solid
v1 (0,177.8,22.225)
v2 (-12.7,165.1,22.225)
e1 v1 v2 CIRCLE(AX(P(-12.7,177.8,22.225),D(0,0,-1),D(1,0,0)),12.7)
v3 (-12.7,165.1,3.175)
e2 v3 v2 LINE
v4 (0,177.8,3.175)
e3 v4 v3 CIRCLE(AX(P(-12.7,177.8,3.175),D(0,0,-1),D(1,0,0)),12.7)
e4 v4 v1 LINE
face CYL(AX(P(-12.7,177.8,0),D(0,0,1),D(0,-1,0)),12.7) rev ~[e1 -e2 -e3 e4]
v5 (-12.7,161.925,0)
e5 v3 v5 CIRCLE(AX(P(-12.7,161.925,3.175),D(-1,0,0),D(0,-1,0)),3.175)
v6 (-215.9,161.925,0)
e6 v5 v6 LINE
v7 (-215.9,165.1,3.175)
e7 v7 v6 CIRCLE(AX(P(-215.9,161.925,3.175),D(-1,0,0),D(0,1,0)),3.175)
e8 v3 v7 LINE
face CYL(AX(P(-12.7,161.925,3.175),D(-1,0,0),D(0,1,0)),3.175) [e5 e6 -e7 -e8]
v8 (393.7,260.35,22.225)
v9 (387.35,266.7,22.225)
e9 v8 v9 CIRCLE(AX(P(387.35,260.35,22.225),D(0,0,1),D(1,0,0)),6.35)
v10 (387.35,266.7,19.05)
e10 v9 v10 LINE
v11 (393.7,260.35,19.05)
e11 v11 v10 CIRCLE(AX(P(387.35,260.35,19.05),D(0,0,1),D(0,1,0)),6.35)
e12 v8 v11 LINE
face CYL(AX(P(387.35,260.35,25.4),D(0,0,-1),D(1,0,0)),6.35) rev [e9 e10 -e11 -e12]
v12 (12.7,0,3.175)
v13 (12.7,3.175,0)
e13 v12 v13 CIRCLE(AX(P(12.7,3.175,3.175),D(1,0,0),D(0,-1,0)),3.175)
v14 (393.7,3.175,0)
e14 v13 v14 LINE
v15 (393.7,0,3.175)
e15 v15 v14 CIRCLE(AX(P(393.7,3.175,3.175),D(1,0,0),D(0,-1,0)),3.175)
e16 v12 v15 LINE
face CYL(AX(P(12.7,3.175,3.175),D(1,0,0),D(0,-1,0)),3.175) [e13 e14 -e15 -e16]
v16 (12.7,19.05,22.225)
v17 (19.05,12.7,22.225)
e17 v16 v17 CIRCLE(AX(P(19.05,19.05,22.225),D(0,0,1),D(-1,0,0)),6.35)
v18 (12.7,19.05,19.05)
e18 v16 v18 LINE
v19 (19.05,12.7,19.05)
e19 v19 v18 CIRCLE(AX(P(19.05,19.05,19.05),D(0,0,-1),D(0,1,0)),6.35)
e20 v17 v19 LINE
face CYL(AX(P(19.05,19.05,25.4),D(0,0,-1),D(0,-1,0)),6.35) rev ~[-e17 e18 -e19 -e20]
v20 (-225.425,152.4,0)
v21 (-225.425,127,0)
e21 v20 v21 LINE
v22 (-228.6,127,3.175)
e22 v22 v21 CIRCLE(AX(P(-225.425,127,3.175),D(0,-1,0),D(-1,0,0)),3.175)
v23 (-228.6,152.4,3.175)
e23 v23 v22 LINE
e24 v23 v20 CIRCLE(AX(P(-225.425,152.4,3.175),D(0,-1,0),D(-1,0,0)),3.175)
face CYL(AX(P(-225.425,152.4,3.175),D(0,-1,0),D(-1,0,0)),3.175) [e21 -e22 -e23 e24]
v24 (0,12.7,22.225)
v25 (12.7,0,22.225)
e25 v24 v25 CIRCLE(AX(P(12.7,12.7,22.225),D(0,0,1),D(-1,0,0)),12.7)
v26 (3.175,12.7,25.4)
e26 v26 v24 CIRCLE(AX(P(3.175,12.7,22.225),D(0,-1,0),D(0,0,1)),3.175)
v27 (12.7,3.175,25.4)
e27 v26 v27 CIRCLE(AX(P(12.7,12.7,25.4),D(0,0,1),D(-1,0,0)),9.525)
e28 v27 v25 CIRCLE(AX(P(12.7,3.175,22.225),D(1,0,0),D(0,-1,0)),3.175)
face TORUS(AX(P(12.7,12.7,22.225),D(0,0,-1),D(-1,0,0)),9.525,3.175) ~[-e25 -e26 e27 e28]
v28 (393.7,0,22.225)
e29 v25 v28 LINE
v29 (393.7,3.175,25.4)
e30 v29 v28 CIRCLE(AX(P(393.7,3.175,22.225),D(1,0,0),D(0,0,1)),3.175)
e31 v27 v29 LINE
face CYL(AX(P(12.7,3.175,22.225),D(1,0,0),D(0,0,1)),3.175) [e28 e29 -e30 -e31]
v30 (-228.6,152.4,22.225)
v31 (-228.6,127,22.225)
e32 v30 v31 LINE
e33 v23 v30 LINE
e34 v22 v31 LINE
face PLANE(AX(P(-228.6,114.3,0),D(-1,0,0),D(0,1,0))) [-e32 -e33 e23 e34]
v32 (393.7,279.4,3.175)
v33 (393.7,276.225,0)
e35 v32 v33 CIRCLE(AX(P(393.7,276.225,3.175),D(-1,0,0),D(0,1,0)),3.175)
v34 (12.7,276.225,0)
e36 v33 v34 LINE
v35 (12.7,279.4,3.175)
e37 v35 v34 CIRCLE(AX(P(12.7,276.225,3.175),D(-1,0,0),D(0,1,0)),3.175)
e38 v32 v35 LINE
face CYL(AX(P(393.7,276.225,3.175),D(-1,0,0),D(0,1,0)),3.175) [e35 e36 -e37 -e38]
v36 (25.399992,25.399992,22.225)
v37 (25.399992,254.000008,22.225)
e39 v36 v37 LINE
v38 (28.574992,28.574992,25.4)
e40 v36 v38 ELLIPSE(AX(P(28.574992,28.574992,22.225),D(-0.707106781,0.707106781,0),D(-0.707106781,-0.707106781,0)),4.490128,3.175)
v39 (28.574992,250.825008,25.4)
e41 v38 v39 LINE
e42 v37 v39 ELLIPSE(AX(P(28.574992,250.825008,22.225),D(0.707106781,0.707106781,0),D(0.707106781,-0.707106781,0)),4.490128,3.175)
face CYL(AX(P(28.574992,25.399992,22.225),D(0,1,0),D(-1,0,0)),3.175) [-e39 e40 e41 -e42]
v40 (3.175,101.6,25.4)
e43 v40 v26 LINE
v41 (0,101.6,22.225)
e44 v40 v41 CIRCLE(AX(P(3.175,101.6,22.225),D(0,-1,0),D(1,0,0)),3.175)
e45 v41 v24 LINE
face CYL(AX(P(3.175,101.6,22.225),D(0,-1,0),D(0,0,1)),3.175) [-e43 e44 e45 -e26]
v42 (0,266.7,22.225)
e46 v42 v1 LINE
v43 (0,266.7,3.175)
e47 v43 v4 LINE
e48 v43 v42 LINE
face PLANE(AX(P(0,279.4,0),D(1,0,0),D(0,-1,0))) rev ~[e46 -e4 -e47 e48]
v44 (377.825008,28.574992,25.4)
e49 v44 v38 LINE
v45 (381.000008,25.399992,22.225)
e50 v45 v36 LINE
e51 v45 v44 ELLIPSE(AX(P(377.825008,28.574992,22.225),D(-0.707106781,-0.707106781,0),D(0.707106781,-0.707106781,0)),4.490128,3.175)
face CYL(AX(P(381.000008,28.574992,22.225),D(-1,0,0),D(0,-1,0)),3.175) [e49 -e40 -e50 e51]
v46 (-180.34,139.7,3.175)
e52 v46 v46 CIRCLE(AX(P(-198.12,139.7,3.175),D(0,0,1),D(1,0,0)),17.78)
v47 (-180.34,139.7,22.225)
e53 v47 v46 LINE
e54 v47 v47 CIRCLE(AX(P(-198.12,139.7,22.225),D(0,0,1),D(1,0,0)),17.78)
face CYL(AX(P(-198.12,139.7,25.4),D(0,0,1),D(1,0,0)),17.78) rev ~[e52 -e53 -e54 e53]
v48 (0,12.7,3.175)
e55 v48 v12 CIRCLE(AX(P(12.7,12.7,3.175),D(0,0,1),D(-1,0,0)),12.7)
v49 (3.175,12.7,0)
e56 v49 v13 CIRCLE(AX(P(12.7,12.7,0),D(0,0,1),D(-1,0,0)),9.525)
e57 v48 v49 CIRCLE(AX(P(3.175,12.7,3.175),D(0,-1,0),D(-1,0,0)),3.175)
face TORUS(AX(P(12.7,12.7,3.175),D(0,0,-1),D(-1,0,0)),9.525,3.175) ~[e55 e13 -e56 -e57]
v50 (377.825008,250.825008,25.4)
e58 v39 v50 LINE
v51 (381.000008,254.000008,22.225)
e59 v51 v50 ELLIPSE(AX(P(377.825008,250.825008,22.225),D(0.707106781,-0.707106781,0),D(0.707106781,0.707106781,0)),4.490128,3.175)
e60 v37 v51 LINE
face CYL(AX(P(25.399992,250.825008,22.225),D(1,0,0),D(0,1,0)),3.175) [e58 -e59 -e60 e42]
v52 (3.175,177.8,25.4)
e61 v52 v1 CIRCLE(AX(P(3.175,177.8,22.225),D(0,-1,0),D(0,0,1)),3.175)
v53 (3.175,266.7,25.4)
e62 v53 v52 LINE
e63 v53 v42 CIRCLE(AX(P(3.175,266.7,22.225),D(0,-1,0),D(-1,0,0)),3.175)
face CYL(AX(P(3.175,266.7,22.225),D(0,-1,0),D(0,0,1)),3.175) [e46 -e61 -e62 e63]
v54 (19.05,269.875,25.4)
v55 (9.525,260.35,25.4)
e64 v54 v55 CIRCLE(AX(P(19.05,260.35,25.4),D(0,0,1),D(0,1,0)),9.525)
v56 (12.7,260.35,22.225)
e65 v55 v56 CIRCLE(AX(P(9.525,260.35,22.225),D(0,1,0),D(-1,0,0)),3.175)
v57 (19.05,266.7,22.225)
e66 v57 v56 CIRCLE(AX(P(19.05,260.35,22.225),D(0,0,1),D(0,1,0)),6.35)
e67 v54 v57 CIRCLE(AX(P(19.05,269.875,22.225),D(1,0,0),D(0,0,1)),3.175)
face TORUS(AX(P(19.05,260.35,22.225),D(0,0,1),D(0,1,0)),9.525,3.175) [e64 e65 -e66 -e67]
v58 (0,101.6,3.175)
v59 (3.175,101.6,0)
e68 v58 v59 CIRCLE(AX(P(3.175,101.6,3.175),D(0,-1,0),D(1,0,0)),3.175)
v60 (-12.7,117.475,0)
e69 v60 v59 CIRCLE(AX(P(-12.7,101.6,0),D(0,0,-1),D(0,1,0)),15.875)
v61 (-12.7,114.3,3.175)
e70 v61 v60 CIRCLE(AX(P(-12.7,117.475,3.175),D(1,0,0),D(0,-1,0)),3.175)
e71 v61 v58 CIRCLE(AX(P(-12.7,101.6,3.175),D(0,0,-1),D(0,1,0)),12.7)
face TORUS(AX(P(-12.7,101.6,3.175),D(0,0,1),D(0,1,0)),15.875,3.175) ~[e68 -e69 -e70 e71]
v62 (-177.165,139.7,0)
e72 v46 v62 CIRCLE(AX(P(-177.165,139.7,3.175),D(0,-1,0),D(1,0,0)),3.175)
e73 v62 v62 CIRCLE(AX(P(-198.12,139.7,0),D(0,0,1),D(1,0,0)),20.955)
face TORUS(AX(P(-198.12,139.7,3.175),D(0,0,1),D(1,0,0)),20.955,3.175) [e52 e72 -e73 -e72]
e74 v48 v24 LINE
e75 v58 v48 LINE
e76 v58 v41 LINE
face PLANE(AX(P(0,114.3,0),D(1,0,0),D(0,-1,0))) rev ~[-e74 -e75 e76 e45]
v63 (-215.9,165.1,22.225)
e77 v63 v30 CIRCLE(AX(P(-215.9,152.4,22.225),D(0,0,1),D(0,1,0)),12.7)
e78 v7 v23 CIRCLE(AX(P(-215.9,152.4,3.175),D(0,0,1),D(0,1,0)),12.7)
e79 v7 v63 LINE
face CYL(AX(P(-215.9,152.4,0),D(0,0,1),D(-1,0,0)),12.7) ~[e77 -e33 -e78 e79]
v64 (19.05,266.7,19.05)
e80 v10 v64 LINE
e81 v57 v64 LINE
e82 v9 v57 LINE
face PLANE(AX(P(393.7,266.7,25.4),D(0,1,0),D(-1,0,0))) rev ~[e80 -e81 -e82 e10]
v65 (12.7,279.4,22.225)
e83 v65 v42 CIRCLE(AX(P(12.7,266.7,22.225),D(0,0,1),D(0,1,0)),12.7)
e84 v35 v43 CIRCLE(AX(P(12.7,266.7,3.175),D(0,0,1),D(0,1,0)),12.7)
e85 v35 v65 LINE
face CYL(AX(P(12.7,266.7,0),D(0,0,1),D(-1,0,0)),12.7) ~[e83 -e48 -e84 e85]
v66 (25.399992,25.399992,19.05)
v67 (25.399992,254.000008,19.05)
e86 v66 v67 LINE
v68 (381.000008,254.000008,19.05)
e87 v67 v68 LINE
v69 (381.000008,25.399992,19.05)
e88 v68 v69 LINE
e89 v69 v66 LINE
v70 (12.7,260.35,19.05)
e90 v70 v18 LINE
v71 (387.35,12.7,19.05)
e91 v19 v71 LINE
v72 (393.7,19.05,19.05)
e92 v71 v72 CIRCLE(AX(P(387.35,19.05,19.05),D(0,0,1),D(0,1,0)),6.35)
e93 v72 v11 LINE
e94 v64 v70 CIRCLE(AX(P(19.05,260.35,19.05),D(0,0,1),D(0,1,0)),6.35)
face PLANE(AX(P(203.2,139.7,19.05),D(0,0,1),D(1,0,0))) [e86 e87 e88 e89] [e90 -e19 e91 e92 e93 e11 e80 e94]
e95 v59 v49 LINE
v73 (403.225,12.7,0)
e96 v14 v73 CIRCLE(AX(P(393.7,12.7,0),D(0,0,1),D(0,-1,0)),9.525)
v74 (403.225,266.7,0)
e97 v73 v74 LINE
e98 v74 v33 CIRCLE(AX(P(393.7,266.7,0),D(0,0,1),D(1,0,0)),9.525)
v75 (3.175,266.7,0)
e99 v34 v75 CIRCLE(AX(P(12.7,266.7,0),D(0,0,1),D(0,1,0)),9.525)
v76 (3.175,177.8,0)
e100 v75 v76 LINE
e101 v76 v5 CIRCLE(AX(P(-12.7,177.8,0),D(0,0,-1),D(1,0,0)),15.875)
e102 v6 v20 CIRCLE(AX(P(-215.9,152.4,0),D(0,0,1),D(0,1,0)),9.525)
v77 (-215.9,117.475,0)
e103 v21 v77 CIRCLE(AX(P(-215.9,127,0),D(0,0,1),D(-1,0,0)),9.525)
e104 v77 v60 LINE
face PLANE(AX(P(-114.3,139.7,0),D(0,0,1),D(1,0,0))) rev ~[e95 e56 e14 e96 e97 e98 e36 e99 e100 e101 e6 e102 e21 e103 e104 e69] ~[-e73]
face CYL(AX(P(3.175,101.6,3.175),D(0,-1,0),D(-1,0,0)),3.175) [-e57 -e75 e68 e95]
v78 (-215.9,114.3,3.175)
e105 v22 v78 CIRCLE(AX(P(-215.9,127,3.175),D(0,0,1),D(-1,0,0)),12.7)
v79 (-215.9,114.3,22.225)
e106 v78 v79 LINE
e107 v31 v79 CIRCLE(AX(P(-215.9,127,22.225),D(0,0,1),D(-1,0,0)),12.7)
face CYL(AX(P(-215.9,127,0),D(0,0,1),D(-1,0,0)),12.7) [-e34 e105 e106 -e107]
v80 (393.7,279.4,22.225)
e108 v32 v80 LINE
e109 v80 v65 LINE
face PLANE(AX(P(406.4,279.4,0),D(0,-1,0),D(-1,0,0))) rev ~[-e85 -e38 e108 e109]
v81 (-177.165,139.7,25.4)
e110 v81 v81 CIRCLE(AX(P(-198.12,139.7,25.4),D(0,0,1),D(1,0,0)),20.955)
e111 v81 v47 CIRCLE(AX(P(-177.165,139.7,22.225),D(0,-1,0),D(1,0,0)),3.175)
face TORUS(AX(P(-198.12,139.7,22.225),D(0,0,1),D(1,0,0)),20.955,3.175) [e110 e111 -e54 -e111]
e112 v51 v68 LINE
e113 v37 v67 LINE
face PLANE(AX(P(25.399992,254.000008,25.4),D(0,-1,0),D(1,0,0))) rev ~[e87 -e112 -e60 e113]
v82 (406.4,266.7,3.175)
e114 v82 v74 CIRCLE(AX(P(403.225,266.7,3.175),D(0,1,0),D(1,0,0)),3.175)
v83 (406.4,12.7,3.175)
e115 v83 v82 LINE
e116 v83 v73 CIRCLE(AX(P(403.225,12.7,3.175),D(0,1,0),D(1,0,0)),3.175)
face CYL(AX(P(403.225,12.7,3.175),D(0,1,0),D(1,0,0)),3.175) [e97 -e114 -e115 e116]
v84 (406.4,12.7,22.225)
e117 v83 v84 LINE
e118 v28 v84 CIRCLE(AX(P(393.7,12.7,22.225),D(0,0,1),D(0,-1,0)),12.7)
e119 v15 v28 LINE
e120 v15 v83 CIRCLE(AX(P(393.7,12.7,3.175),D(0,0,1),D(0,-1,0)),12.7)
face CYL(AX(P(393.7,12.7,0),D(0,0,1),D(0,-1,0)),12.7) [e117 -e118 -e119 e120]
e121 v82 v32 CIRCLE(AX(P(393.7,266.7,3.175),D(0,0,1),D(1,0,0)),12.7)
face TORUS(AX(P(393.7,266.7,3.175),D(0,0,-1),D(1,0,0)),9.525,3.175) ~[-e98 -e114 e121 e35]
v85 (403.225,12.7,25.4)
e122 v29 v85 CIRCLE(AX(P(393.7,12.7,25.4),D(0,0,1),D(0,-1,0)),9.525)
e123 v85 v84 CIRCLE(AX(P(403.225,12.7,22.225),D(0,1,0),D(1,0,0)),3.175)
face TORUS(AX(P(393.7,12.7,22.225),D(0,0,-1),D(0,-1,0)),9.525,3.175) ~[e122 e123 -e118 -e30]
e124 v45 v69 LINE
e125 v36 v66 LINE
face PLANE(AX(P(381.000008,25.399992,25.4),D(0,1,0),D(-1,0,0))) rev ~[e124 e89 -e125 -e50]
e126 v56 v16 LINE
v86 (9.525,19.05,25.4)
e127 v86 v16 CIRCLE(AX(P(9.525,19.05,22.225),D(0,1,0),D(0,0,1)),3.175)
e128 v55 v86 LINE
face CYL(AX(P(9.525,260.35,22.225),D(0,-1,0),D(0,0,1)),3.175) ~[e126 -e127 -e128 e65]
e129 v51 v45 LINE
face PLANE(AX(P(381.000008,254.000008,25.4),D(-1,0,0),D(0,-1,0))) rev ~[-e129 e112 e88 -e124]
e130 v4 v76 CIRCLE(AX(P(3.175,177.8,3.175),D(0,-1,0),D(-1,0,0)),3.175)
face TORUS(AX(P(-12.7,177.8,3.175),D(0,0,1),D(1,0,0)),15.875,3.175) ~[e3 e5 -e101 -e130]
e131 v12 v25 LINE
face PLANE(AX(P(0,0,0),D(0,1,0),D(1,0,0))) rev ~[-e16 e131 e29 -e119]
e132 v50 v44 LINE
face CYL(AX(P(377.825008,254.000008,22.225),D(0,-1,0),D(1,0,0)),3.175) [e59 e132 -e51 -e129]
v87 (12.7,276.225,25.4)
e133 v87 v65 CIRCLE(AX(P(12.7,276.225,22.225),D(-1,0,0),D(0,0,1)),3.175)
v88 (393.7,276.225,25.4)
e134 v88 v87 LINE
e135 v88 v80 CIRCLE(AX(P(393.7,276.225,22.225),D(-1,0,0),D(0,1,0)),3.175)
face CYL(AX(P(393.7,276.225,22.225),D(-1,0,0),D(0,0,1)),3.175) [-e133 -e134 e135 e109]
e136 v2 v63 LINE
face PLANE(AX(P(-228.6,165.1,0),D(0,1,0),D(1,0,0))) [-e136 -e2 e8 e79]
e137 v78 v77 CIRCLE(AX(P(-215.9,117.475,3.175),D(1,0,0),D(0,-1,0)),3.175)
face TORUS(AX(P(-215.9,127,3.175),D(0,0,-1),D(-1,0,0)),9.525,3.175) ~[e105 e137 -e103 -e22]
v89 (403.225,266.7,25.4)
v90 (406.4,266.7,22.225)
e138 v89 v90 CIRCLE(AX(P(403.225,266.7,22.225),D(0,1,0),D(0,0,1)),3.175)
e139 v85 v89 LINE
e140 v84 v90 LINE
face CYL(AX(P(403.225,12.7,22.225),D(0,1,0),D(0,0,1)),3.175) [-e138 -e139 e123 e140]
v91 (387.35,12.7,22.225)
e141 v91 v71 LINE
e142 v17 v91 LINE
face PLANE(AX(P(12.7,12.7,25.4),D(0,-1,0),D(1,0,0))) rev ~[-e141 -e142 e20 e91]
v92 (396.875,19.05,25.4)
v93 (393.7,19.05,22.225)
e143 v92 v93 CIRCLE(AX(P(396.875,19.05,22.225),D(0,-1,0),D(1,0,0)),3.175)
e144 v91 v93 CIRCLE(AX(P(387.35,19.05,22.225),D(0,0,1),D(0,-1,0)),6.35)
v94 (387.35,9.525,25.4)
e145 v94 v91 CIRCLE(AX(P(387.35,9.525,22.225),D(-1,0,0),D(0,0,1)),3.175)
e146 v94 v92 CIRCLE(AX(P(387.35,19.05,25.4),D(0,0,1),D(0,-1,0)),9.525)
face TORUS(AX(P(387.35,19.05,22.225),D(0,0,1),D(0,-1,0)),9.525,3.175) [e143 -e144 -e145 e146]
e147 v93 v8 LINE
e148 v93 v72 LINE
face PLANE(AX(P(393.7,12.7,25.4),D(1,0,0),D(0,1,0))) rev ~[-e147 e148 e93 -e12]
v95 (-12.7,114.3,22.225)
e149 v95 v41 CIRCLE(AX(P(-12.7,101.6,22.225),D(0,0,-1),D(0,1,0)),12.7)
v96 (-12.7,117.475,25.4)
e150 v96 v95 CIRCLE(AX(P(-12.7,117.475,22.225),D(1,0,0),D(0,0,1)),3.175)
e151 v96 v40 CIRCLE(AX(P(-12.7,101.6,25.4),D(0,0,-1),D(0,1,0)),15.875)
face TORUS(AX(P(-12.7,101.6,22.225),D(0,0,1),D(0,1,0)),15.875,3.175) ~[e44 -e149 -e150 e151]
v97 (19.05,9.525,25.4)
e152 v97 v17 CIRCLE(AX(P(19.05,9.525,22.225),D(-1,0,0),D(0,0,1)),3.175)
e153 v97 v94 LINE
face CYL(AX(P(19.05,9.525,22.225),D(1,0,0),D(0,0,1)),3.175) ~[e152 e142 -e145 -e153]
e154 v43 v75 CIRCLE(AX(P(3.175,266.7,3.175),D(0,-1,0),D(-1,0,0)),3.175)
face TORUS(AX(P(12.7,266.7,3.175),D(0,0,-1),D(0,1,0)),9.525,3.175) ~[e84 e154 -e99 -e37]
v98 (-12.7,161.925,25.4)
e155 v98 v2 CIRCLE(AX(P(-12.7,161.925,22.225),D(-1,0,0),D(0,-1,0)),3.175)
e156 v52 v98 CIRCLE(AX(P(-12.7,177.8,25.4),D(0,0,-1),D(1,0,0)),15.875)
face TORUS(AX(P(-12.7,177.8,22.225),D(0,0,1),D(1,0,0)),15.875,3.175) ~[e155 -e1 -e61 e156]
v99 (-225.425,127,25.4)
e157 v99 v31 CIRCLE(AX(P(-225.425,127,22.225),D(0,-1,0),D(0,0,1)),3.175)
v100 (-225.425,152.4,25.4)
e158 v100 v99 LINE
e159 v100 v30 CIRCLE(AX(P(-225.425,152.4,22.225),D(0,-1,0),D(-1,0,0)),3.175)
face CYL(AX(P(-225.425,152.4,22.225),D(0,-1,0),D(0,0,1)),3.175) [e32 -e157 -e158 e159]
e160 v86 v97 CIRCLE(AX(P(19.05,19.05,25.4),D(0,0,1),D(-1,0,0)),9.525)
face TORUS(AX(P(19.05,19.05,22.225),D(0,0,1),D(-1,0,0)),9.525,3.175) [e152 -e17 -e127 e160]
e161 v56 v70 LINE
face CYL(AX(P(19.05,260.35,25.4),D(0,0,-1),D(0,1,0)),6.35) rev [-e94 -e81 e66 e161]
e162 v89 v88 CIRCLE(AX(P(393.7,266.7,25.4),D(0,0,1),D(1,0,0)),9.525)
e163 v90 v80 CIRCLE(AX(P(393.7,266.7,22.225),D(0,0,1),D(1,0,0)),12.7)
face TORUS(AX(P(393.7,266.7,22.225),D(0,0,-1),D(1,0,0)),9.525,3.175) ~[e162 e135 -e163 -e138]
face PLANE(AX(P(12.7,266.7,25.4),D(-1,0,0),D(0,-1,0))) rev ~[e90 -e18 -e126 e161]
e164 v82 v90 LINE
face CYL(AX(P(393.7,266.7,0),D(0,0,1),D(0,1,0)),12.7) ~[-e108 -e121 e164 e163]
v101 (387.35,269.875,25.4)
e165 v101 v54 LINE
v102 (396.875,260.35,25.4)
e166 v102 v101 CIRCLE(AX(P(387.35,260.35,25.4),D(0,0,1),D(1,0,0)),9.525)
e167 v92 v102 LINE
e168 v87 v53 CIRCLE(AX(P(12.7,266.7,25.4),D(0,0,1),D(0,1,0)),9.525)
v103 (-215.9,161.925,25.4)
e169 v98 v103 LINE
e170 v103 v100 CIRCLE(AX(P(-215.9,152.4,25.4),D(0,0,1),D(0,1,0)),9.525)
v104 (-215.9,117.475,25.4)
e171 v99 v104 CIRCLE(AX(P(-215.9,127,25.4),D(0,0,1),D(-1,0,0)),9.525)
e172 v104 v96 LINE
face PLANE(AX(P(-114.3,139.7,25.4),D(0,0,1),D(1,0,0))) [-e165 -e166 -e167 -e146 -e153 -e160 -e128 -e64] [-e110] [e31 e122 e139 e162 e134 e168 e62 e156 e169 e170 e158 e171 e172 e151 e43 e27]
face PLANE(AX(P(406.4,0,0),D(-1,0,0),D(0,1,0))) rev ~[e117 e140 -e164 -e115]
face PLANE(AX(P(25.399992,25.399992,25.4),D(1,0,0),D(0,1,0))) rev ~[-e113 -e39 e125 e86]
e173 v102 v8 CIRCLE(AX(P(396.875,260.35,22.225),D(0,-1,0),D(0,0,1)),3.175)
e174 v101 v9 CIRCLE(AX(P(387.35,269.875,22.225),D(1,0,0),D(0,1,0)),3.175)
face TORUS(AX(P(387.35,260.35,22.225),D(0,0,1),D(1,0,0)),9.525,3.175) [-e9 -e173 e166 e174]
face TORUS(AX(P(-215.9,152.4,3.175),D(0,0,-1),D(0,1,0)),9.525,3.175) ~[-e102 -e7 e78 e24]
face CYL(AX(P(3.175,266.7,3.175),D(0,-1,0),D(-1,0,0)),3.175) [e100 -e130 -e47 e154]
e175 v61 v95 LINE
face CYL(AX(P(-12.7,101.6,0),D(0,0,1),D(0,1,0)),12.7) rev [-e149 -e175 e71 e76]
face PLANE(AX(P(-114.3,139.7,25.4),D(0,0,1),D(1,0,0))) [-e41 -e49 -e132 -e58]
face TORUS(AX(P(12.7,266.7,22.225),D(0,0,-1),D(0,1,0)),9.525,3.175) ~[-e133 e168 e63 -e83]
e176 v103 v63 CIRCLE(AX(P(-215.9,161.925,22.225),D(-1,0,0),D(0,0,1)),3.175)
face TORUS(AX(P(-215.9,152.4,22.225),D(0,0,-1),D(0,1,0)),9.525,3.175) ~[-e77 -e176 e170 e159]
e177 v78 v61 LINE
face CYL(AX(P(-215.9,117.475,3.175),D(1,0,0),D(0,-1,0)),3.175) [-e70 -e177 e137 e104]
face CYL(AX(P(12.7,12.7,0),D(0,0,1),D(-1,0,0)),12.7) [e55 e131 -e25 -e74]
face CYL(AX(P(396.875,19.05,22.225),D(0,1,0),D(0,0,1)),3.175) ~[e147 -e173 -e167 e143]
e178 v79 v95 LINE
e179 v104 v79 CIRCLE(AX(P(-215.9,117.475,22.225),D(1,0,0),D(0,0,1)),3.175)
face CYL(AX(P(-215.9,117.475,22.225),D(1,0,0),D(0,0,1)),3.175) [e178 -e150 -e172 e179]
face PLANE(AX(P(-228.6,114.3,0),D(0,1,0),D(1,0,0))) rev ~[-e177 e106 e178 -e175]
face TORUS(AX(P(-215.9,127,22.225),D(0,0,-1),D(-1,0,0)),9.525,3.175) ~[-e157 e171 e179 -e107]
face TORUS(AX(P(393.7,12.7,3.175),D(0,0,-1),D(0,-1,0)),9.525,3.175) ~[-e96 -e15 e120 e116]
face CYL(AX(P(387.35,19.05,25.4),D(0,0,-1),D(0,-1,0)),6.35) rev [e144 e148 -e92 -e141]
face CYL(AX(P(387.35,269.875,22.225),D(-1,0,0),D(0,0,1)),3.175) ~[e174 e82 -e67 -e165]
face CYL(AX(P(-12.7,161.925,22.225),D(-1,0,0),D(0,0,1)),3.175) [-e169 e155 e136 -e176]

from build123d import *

# Parameters (mm, degrees)
F0_W     = 228.6
F0_H     = 50.8
F1_DEPTH = 25.4
F3_DEPTH = 25.4
F2_R     = 17.78
F4_DEPTH = 25.4
F6_DEPTH = 6.35
F7_R     = 6.35
F8_R     = 12.7
F9_R     = 3.175


with BuildPart() as f1:
    # F0 (on Top) → F1 (new body)
    with BuildSketch(Plane.XY):
        with Locations((-114.3, 139.7)):
            Rectangle(F0_W, F0_H)
        Polygon((0, 114.3), (0, 0), (406.4, 0), (406.4, 279.4), (0, 279.4), (0, 165.1), align=None)
    extrude(amount=F1_DEPTH)

    # F0 (on Top) → F3 (join)
    with BuildSketch(Plane.XY):
        Polygon((0, 114.3), (0, 0), (406.4, 0), (406.4, 279.4), (0, 279.4), (0, 165.1), align=None)
        with Locations((-114.3, 139.7)):
            Rectangle(F0_W, F0_H)
    extrude(amount=F3_DEPTH)

    # F2 (on face) → F4 (cut)
    with BuildSketch(Plane.XY.offset(25.4)):
        with Locations((-198.12, 139.7)):
            Circle(F2_R)
    extrude(amount=-F4_DEPTH, mode=Mode.SUBTRACT)

    # F5 (on face) → F6 (cut)
    with BuildSketch(Plane.XY.offset(25.4)):
        Polygon((12.7000004292, 114.3), (12.7000004292, 12.7000004292), (393.6999995708, 12.7000004292), (393.6999995708, 266.6999995708), (12.7000004292, 266.6999995708), (12.7000004292, 165.1), align=None)
        Polygon((25.3999918938, 114.3), (25.3999918938, 165.1), (25.3999918938, 254.0000081062), (381.0000081062, 254.0000081062), (381.0000081062, 25.3999918938), (25.3999918938, 25.3999918938), align=None, mode=Mode.SUBTRACT)
    extrude(amount=-F6_DEPTH, mode=Mode.SUBTRACT)

    # F7
    f7_edges = [f1.edges().sort_by_distance(p)[0] for p in [
        (12.7, 266.7, 22.225),
        (393.7, 266.7, 22.225),
        (393.7, 12.7, 22.225),
        (12.7, 12.7, 22.225),
    ]]
    fillet(f7_edges, radius=F7_R)

    # F8
    f8_edges = [f1.edges().sort_by_distance(p)[0] for p in [
        (0, 0, 12.7),
        (0, 279.4, 12.7),
        (406.4, 279.4, 12.7),
        (406.4, 0, 12.7),
        (-228.6, 114.3, 12.7),
        (-228.6, 165.1, 12.7),
        (0, 165.1, 12.7),
        (0, 114.3, 12.7),
    ]]
    fillet(f8_edges, radius=F8_R)

    # F9
    f9_edges = [f1.edges().sort_by_distance(p)[0] for p in [
        (203.2, 254.000008, 25.4),
        (381.000008, 139.7, 25.4),
        (203.2, 25.399992, 25.4),
        (25.399992, 139.7, 25.4),
        (-114.3, 114.3, 25.4),
        (-224.880256, 118.019744, 25.4),
        (-3.719744, 110.580256, 25.4),
        (-228.6, 139.7, 25.4),
        (0, 57.15, 25.4),
        (-224.880256, 161.380256, 25.4),
        (3.719744, 3.719744, 25.4),
        (-114.3, 165.1, 25.4),
        (203.2, 0, 25.4),
        (-3.719744, 168.819744, 25.4),
        (402.680256, 3.719744, 25.4),
        (0, 222.25, 25.4),
        (406.4, 139.7, 25.4),
        (3.719744, 275.680256, 25.4),
        (402.680256, 275.680256, 25.4),
        (203.2, 279.4, 25.4),
        (203.2, 12.7, 25.4),
        (14.559872, 14.559872, 25.4),
        (391.840128, 14.559872, 25.4),
        (12.7, 139.7, 25.4),
        (393.7, 139.7, 25.4),
        (14.559872, 264.840128, 25.4),
        (391.840128, 264.840128, 25.4),
        (203.2, 266.7, 25.4),
        (-215.9, 139.7, 25.4),
        (-114.3, 114.3, 0),
        (-224.880256, 118.019744, 0),
        (-3.719744, 110.580256, 0),
        (-228.6, 139.7, 0),
        (0, 57.15, 0),
        (-224.880256, 161.380256, 0),
        (3.719744, 3.719744, 0),
        (-114.3, 165.1, 0),
        (203.2, 0, 0),
        (-3.719744, 168.819744, 0),
        (402.680256, 3.719744, 0),
        (0, 222.25, 0),
        (406.4, 139.7, 0),
        (3.719744, 275.680256, 0),
        (402.680256, 275.680256, 0),
        (203.2, 279.4, 0),
        (-215.9, 139.7, 0),
    ]]
    fillet(f9_edges, radius=F9_R)


solid = f1.part
